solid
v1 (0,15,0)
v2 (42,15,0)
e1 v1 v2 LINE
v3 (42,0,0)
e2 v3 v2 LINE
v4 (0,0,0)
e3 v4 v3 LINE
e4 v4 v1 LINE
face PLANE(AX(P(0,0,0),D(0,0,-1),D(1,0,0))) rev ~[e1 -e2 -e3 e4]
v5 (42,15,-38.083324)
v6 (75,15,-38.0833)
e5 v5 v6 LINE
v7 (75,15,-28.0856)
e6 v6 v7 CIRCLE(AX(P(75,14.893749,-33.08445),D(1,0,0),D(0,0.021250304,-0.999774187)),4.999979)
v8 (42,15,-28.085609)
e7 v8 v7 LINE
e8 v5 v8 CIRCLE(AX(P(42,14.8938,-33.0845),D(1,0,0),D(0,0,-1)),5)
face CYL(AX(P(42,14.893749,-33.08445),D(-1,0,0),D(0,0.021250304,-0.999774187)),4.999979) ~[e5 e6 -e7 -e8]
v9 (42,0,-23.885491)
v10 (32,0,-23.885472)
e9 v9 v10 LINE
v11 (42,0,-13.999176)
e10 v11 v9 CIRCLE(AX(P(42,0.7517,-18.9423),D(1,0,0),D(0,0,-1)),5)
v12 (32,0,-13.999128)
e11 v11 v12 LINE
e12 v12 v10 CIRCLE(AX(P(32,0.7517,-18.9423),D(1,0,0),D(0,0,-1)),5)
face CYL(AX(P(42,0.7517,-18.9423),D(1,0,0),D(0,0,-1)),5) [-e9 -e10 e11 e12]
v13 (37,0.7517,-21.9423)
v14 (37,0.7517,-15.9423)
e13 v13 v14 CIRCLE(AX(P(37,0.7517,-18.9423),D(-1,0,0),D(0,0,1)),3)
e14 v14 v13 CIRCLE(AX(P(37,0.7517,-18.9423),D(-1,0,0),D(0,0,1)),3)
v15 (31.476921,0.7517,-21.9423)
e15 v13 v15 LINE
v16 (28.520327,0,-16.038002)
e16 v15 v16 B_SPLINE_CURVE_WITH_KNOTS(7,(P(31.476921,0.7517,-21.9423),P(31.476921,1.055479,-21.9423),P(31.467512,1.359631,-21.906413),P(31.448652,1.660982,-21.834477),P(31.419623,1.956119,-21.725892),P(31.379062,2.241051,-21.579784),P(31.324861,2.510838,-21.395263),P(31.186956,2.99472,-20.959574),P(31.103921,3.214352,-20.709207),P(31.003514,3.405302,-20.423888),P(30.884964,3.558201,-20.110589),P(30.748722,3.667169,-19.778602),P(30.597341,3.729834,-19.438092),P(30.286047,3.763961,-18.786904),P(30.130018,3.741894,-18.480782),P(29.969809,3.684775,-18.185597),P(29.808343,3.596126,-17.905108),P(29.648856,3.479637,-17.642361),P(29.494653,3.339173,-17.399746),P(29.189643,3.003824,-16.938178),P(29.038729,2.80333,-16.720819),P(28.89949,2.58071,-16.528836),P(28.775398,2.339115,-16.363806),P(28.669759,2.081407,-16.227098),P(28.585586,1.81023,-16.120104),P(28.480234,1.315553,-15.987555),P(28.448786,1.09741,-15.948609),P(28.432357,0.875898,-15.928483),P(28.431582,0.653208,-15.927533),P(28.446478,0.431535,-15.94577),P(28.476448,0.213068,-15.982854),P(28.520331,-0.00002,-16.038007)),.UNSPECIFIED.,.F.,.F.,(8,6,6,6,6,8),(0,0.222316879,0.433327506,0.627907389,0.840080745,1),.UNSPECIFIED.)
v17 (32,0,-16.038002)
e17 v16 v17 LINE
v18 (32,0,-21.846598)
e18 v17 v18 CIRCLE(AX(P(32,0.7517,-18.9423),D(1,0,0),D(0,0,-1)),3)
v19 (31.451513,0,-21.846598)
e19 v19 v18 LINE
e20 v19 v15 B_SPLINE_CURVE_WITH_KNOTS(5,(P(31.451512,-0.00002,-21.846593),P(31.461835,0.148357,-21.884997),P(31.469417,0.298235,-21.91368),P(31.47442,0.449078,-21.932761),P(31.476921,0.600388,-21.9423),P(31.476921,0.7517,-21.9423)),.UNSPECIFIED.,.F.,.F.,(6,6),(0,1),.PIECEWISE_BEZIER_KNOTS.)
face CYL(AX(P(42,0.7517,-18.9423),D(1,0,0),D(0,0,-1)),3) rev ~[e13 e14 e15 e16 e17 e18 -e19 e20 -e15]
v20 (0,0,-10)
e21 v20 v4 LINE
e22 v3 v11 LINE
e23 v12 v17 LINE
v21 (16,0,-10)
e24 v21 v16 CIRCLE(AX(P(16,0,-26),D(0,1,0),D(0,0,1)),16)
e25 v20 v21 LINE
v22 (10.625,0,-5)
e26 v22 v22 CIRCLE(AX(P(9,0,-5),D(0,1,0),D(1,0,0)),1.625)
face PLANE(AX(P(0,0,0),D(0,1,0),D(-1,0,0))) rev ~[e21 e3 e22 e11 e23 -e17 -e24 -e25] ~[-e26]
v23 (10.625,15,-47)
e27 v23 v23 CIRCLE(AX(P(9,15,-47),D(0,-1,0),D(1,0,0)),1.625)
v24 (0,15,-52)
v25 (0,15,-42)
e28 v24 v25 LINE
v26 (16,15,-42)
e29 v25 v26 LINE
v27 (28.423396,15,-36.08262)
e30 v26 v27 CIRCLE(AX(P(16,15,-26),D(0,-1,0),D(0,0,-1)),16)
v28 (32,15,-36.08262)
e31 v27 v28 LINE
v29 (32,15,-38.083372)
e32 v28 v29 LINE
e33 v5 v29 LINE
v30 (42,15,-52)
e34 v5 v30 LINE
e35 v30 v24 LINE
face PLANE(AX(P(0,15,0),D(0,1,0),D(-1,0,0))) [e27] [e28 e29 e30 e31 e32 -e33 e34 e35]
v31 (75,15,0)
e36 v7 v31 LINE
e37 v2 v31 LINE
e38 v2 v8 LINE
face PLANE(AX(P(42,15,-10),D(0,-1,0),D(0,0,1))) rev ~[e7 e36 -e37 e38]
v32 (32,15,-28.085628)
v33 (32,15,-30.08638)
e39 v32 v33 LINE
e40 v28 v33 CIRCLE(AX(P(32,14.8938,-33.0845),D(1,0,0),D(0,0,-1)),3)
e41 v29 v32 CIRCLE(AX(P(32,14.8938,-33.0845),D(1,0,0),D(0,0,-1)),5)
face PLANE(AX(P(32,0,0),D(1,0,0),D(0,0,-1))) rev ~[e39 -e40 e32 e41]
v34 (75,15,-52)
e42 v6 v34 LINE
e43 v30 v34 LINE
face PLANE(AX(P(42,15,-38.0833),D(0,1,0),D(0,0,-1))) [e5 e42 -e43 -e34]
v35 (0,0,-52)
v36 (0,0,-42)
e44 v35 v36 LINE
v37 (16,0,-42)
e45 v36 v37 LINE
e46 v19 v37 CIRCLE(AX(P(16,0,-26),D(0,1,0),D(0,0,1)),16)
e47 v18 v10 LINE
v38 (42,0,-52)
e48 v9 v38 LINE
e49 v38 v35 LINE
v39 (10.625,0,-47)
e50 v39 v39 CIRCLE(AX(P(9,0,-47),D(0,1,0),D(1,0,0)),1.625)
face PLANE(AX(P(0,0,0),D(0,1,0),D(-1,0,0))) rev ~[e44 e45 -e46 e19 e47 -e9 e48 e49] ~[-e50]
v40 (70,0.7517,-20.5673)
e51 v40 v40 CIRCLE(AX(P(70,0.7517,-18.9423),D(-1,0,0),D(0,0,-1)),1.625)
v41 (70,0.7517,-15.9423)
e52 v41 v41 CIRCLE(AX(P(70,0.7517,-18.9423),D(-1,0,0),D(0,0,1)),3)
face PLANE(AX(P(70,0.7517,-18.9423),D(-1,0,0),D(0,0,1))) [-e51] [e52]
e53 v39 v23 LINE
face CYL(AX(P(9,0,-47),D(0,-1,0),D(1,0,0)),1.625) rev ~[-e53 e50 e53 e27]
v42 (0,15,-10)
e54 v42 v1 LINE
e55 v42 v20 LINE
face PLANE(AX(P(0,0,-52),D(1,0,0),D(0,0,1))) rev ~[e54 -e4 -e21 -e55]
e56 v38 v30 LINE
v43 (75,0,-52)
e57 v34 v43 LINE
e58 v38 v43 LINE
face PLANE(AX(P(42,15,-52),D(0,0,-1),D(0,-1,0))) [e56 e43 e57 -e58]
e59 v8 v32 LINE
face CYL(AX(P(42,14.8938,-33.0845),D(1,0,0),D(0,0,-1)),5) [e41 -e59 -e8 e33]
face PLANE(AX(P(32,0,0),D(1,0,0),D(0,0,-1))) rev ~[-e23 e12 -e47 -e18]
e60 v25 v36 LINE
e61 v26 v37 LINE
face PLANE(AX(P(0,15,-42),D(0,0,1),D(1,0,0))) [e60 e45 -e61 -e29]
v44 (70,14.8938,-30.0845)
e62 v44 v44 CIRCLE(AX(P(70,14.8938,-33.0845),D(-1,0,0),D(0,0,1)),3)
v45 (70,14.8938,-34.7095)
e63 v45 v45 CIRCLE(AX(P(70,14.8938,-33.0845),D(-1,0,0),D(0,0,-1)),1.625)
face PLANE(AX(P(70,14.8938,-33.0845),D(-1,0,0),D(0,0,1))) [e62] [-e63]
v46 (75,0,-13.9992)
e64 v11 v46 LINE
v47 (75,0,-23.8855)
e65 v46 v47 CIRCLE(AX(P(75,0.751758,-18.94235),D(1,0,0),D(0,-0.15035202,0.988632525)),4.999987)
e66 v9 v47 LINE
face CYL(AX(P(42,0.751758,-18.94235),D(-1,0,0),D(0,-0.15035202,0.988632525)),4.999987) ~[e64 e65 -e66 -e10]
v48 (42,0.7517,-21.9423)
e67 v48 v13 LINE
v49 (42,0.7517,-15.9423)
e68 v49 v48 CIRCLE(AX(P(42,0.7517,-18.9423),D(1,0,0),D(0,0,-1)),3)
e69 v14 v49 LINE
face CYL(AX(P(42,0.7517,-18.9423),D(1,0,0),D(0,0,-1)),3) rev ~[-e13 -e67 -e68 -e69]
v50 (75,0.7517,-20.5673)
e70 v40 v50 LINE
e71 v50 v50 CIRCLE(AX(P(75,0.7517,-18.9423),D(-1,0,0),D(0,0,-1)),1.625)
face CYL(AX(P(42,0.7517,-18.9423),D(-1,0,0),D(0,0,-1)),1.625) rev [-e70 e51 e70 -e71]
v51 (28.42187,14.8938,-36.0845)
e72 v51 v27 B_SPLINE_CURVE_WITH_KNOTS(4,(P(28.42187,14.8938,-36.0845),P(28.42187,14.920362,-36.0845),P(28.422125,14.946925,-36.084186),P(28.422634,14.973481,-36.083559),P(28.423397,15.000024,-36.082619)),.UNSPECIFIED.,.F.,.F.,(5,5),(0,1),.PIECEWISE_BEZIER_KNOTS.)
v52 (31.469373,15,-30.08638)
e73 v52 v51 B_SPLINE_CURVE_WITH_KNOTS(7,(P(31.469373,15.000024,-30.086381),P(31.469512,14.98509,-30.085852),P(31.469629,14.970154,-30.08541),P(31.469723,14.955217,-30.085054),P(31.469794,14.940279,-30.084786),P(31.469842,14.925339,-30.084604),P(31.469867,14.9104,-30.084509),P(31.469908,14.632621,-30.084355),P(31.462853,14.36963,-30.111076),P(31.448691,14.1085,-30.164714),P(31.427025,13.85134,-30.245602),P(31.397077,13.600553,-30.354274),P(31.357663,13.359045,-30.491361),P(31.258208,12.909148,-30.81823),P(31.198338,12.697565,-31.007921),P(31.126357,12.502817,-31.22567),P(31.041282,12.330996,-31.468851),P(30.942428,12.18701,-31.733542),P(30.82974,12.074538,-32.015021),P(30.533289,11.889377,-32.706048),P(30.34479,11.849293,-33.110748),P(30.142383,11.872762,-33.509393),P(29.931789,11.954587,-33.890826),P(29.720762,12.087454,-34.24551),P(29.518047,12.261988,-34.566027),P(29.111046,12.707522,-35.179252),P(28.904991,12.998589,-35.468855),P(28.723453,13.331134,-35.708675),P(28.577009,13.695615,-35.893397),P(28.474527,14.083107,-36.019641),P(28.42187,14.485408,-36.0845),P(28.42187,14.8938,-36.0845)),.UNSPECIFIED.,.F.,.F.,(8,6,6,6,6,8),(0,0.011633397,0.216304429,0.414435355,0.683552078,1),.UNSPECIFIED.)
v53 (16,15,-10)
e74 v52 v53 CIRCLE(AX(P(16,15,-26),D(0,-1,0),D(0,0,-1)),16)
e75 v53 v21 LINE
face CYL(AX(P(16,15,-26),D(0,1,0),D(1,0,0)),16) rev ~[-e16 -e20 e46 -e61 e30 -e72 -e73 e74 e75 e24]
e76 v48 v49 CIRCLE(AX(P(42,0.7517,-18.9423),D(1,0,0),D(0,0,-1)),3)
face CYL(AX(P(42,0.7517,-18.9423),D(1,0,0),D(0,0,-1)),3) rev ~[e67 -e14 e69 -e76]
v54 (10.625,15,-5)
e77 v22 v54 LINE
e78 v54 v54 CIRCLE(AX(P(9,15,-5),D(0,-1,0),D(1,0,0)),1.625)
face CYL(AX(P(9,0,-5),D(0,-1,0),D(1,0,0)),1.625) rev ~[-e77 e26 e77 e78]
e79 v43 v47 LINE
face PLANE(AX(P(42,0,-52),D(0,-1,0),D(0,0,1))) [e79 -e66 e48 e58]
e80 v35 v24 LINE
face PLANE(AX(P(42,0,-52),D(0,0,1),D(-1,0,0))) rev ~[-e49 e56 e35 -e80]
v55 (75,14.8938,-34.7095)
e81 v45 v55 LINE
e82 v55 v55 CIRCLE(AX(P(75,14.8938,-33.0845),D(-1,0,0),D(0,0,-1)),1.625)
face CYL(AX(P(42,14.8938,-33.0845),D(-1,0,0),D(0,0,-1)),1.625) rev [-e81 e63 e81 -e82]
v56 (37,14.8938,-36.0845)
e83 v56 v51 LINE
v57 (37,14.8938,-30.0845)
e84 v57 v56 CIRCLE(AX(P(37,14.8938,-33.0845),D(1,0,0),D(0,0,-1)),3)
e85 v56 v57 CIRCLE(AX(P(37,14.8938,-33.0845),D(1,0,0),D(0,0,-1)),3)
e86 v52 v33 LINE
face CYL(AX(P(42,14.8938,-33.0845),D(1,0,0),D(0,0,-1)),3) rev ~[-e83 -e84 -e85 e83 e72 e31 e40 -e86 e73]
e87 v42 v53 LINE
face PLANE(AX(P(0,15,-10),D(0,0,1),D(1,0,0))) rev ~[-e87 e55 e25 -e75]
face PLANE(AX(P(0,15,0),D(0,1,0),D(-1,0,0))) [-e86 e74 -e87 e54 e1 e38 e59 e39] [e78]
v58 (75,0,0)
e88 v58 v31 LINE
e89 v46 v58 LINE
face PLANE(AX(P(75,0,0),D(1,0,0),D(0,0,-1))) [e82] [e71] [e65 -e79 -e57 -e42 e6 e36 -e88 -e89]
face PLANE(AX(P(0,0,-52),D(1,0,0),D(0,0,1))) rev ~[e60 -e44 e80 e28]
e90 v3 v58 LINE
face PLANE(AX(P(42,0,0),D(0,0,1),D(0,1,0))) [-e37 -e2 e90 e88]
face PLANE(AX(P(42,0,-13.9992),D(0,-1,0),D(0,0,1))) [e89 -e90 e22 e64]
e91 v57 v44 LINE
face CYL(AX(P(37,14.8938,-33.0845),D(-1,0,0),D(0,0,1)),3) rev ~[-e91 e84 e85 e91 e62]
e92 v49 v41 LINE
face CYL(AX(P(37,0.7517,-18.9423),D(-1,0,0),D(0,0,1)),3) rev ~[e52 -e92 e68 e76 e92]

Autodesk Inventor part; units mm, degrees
ref_plane "YZ Plane" through (0, 0, 0) normal (1, 0, 0) x (0, 1, 0)
ref_plane "XZ Plane" through (0, 0, 0) normal (0, 1, 0) x (-1, 0, 0)
ref_plane "XY Plane" through (0, 0, 0) normal (0, 0, 1) x (1, 0, 0)
sketch "Sketch4" plane through (0, 0, 0) normal (0, 1, 0) x (-1, 0, 0)
  line L0 (0, 0) -> (-42, 0)
  line L1 (-42, 0) -> (-42, -52)
  line L2 (-42, -52) -> (0, -52)
  line L3 (0, -52) -> (0, 0)
  dimension "d79" = 42
  dimension "d80" = 52
extrude "Extrusion4" add sketch "Sketch4" along normal blind 15
sketch "Sketch5" plane through (0, 15, 0) normal (0, 1, 0) x (1, 0, 0)
  line L0 (0, 0) -> (0, 10)
  line L1 (0, 52) -> (0, 0) projected
  line L2 (0, 52) -> (0, 42)
  circle A0 centre (16, 26) radius 16
  line L3 (42, 0) -> (42, 52) projected
  line L4 (0, 10) -> (42, 10)
  line L5 (0, 42) -> (42, 42)
  point P0 (42, 26)
  point P1 (16, 10)
  point P2 (16, 42)
  dimension "d83" = 10
  dimension "d84" = 10
  dimension "d93" = 32
  dimension "d94" = 26
extrude "Extrusion5" cut sketch "Sketch5" against normal blind 15 contours L5 A0 L1 | A0 L4 L1 | A0
sketch "Sketch10" plane through (42, 0, 0) normal (1, 0, 0) x (0, 0, -1)
  circle A0 centre (5, 7.5) radius 2.65 projected
  line L0 (18.9423, 0.7517) -> (33.0845, 14.8938)
  line L1 (0, 0) -> (52, 0) projected
  line L2 (26, 0) -> (26, 15)
  line L3 (0, 15) -> (52, 15) projected
  line L4 (18.9423, 0.7517) -> (26.0134, 7.8228)
  circle A1 centre (18.9423, 0.7517) radius 1.55
  circle A2 centre (33.0845, 14.8938) radius 1.55
  circle A3 centre (33.0845, 14.8938) radius 5
  circle A4 centre (18.9423, 0.7517) radius 5
  line L5 (52, 0) -> (0, 0)
  point P0 (38.0833, 15)
  point P1 (28.0856, 15)
  point P2 (31.5381, 15)
  point P3 (34.6308, 15)
  point P4 (13.9992, 0)
  point P5 (23.8855, 0)
  point P6 (20.2979, 0)
  point P7 (17.5868, 0)
  point P8 (47, 7.5)
  dimension "d115" = 20
  dimension "d116" = 3.1
  dimension "d117" = 3.1
  dimension "d118" = 10
  dimension "d119" = 10
extrude "Extrusion10" add sketch "Sketch10" against normal blind 10 contours A1 L1 A4 | A3 L3 A2
sketch "Sketch11" plane through (42, 0, 0) normal (1, 0, 0) x (0, 0, -1)
  arc A0 (34.6308, 15) -> (31.5381, 15) centre (33.0845, 14.8938) ccw projected
  circle A1 centre (33.0845, 14.8938) radius 1.55
  point P0 (0, 0)
  point P1 (31.5381, 15)
  point P2 (34.6308, 15)
  dimension "d122" = 3.1
extrude "Extrusion11" cut sketch "Sketch11" against normal blind 30
sketch "Sketch12" plane through (42, 0, 0) normal (1, 0, 0) x (0, 0, -1)
  circle A0 centre (33.0845, 14.8938) radius 1.55 projected
  circle A1 centre (33.0845, 14.8938) radius 3
  point P0 (0, 0)
  dimension "d125" = 6
extrude "Extrusion12" cut sketch "Sketch12" against normal blind 30
sketch "Sketch13" plane through (42, 0, 0) normal (1, 0, 0) x (0, 0, -1)
  circle A0 centre (33.0845, 14.8938) radius 3 projected
  circle A1 centre (33.0845, 14.8938) radius 1.625
  point P0 (0, 0)
  dimension "d128" = 3.25
extrude "Extrusion13" add sketch "Sketch13" against normal blind 5
sketch "Sketch14" plane through (42, 0, 0) normal (1, 0, 0) x (0, 0, -1)
  arc A0 (17.5868, 0) -> (20.2979, 0) centre (18.9423, 0.7517) ccw projected
  circle A1 centre (18.9423, 0.7517) radius 3
  point P0 (0, 0)
  dimension "d131" = 6
extrude "Extrusion14" cut sketch "Sketch14" against normal blind 16
sketch "Sketch15" plane through (42, 0, 0) normal (1, 0, 0) x (0, 0, -1)
  circle A0 centre (18.9423, 0.7517) radius 1.625
  circle A1 centre (18.9423, 0.7517) radius 2.65
  point P0 (0, 0)
  dimension "d134" = 3.25
extrude "Extrusion15" add sketch "Sketch15" against normal blind 5
sketch "Sketch16" plane through (42, 0, -52) normal (1, 0, 0) x (0, 0, -1)
  arc A0 (-20.2979, 0) -> (-17.5868, 0) centre (-18.9423, 0.7517) ccw projected
  circle A1 centre (-18.9423, 0.7517) radius 1.55
  point P0 (-52, 0)
sketch "Sketch18" plane through (0, 0, 0) normal (0, -1, 0) x (1, 0, 0)
  line L0 (0, -10) -> (0, 0) projected
  line L1 (0, -5) -> (9, -5)
  circle A0 centre (9, -5) radius 1.625
  line L2 (0, -52) -> (0, -42) projected
  line L3 (0, -47) -> (9, -47)
  circle A1 centre (9, -47) radius 1.625
  dimension "d144" = 9
  dimension "d145" = 3.25
  dimension "d146" = 9
  dimension "d147" = 3.25
extrude "Extrusion17" cut sketch "Sketch18" against normal blind 26.5
sketch "Sketch19" plane through (42, 0, 0) normal (1, 0, 0) x (0, 0, -1)
  point P0 (0, 0)
sketch "Sketch20" plane through (42, 0, 0) normal (1, 0, 0) x (0, 0, -1)
  point P0 (0, 0)
sketch "Sketch21" plane through (42, 0, 0) normal (1, 0, 0) x (0, 0, -1)
  line L0 (52, 0) -> (42, 0) projected
  line L1 (10, 15) -> (0, 15) projected
  line L2 (52, 0) -> (0, 0)
  line L3 (0, 0) -> (0, 15)
  line L4 (0, 15) -> (52, 15)
  line L5 (52, 15) -> (52, 0)
  circle A0 centre (18.9423, 0.7517) radius 1.625 projected
  circle A1 centre (18.9423, 0.7517) radius 1.625
  circle A2 centre (33.0845, 14.8938) radius 1.625
  circle A3 centre (33.0845, 14.8938) radius 1.625
  arc A4 (38.0833, 15) -> (28.0856, 15) centre (33.0845, 14.8938) ccw projected
  circle A5 centre (33.0845, 14.8938) radius 5
  arc A6 (13.9992, 0) -> (23.8855, 0) centre (18.9423, 0.7517) ccw projected
  circle A7 centre (18.9423, 0.7517) radius 5
  dimension "d150" = 3.25
extrude "Extrusion18" add sketch "Sketch21" along normal blind 33 contours L0 L2 A7 L3 L1 L4 A5 L5 | A6 L2 A0 | L2 A0 A7 | A5 L4 A2 | L4 A2 A4
sketch "Sketch22" plane through (37, 0.7517, -18.9423) normal (-1, 0, 0) x (0, 0, 1)
  circle A0 centre (0, 0) radius 3 projected
  circle A1 centre (0, 0) radius 3
  point P0 (18.9423, -0.7517)
  dimension "d153" = 6
extrude "Extrusion19" cut sketch "Sketch22" against normal blind 33
sketch "Sketch23" plane through (37, 14.8938, -33.0845) normal (-1, 0, 0) x (0, 0, 1)
  arc A0 (4.9989, 0.1062) -> (-4.9989, 0.1062) centre (0, 0) ccw projected
  circle A1 centre (0, 0) radius 3
  point P0 (33.0845, -14.8938)
  dimension "d156" = 6
extrude "Extrusion20" cut sketch "Sketch23" against normal blind 33
properties part number "braket motor1"
